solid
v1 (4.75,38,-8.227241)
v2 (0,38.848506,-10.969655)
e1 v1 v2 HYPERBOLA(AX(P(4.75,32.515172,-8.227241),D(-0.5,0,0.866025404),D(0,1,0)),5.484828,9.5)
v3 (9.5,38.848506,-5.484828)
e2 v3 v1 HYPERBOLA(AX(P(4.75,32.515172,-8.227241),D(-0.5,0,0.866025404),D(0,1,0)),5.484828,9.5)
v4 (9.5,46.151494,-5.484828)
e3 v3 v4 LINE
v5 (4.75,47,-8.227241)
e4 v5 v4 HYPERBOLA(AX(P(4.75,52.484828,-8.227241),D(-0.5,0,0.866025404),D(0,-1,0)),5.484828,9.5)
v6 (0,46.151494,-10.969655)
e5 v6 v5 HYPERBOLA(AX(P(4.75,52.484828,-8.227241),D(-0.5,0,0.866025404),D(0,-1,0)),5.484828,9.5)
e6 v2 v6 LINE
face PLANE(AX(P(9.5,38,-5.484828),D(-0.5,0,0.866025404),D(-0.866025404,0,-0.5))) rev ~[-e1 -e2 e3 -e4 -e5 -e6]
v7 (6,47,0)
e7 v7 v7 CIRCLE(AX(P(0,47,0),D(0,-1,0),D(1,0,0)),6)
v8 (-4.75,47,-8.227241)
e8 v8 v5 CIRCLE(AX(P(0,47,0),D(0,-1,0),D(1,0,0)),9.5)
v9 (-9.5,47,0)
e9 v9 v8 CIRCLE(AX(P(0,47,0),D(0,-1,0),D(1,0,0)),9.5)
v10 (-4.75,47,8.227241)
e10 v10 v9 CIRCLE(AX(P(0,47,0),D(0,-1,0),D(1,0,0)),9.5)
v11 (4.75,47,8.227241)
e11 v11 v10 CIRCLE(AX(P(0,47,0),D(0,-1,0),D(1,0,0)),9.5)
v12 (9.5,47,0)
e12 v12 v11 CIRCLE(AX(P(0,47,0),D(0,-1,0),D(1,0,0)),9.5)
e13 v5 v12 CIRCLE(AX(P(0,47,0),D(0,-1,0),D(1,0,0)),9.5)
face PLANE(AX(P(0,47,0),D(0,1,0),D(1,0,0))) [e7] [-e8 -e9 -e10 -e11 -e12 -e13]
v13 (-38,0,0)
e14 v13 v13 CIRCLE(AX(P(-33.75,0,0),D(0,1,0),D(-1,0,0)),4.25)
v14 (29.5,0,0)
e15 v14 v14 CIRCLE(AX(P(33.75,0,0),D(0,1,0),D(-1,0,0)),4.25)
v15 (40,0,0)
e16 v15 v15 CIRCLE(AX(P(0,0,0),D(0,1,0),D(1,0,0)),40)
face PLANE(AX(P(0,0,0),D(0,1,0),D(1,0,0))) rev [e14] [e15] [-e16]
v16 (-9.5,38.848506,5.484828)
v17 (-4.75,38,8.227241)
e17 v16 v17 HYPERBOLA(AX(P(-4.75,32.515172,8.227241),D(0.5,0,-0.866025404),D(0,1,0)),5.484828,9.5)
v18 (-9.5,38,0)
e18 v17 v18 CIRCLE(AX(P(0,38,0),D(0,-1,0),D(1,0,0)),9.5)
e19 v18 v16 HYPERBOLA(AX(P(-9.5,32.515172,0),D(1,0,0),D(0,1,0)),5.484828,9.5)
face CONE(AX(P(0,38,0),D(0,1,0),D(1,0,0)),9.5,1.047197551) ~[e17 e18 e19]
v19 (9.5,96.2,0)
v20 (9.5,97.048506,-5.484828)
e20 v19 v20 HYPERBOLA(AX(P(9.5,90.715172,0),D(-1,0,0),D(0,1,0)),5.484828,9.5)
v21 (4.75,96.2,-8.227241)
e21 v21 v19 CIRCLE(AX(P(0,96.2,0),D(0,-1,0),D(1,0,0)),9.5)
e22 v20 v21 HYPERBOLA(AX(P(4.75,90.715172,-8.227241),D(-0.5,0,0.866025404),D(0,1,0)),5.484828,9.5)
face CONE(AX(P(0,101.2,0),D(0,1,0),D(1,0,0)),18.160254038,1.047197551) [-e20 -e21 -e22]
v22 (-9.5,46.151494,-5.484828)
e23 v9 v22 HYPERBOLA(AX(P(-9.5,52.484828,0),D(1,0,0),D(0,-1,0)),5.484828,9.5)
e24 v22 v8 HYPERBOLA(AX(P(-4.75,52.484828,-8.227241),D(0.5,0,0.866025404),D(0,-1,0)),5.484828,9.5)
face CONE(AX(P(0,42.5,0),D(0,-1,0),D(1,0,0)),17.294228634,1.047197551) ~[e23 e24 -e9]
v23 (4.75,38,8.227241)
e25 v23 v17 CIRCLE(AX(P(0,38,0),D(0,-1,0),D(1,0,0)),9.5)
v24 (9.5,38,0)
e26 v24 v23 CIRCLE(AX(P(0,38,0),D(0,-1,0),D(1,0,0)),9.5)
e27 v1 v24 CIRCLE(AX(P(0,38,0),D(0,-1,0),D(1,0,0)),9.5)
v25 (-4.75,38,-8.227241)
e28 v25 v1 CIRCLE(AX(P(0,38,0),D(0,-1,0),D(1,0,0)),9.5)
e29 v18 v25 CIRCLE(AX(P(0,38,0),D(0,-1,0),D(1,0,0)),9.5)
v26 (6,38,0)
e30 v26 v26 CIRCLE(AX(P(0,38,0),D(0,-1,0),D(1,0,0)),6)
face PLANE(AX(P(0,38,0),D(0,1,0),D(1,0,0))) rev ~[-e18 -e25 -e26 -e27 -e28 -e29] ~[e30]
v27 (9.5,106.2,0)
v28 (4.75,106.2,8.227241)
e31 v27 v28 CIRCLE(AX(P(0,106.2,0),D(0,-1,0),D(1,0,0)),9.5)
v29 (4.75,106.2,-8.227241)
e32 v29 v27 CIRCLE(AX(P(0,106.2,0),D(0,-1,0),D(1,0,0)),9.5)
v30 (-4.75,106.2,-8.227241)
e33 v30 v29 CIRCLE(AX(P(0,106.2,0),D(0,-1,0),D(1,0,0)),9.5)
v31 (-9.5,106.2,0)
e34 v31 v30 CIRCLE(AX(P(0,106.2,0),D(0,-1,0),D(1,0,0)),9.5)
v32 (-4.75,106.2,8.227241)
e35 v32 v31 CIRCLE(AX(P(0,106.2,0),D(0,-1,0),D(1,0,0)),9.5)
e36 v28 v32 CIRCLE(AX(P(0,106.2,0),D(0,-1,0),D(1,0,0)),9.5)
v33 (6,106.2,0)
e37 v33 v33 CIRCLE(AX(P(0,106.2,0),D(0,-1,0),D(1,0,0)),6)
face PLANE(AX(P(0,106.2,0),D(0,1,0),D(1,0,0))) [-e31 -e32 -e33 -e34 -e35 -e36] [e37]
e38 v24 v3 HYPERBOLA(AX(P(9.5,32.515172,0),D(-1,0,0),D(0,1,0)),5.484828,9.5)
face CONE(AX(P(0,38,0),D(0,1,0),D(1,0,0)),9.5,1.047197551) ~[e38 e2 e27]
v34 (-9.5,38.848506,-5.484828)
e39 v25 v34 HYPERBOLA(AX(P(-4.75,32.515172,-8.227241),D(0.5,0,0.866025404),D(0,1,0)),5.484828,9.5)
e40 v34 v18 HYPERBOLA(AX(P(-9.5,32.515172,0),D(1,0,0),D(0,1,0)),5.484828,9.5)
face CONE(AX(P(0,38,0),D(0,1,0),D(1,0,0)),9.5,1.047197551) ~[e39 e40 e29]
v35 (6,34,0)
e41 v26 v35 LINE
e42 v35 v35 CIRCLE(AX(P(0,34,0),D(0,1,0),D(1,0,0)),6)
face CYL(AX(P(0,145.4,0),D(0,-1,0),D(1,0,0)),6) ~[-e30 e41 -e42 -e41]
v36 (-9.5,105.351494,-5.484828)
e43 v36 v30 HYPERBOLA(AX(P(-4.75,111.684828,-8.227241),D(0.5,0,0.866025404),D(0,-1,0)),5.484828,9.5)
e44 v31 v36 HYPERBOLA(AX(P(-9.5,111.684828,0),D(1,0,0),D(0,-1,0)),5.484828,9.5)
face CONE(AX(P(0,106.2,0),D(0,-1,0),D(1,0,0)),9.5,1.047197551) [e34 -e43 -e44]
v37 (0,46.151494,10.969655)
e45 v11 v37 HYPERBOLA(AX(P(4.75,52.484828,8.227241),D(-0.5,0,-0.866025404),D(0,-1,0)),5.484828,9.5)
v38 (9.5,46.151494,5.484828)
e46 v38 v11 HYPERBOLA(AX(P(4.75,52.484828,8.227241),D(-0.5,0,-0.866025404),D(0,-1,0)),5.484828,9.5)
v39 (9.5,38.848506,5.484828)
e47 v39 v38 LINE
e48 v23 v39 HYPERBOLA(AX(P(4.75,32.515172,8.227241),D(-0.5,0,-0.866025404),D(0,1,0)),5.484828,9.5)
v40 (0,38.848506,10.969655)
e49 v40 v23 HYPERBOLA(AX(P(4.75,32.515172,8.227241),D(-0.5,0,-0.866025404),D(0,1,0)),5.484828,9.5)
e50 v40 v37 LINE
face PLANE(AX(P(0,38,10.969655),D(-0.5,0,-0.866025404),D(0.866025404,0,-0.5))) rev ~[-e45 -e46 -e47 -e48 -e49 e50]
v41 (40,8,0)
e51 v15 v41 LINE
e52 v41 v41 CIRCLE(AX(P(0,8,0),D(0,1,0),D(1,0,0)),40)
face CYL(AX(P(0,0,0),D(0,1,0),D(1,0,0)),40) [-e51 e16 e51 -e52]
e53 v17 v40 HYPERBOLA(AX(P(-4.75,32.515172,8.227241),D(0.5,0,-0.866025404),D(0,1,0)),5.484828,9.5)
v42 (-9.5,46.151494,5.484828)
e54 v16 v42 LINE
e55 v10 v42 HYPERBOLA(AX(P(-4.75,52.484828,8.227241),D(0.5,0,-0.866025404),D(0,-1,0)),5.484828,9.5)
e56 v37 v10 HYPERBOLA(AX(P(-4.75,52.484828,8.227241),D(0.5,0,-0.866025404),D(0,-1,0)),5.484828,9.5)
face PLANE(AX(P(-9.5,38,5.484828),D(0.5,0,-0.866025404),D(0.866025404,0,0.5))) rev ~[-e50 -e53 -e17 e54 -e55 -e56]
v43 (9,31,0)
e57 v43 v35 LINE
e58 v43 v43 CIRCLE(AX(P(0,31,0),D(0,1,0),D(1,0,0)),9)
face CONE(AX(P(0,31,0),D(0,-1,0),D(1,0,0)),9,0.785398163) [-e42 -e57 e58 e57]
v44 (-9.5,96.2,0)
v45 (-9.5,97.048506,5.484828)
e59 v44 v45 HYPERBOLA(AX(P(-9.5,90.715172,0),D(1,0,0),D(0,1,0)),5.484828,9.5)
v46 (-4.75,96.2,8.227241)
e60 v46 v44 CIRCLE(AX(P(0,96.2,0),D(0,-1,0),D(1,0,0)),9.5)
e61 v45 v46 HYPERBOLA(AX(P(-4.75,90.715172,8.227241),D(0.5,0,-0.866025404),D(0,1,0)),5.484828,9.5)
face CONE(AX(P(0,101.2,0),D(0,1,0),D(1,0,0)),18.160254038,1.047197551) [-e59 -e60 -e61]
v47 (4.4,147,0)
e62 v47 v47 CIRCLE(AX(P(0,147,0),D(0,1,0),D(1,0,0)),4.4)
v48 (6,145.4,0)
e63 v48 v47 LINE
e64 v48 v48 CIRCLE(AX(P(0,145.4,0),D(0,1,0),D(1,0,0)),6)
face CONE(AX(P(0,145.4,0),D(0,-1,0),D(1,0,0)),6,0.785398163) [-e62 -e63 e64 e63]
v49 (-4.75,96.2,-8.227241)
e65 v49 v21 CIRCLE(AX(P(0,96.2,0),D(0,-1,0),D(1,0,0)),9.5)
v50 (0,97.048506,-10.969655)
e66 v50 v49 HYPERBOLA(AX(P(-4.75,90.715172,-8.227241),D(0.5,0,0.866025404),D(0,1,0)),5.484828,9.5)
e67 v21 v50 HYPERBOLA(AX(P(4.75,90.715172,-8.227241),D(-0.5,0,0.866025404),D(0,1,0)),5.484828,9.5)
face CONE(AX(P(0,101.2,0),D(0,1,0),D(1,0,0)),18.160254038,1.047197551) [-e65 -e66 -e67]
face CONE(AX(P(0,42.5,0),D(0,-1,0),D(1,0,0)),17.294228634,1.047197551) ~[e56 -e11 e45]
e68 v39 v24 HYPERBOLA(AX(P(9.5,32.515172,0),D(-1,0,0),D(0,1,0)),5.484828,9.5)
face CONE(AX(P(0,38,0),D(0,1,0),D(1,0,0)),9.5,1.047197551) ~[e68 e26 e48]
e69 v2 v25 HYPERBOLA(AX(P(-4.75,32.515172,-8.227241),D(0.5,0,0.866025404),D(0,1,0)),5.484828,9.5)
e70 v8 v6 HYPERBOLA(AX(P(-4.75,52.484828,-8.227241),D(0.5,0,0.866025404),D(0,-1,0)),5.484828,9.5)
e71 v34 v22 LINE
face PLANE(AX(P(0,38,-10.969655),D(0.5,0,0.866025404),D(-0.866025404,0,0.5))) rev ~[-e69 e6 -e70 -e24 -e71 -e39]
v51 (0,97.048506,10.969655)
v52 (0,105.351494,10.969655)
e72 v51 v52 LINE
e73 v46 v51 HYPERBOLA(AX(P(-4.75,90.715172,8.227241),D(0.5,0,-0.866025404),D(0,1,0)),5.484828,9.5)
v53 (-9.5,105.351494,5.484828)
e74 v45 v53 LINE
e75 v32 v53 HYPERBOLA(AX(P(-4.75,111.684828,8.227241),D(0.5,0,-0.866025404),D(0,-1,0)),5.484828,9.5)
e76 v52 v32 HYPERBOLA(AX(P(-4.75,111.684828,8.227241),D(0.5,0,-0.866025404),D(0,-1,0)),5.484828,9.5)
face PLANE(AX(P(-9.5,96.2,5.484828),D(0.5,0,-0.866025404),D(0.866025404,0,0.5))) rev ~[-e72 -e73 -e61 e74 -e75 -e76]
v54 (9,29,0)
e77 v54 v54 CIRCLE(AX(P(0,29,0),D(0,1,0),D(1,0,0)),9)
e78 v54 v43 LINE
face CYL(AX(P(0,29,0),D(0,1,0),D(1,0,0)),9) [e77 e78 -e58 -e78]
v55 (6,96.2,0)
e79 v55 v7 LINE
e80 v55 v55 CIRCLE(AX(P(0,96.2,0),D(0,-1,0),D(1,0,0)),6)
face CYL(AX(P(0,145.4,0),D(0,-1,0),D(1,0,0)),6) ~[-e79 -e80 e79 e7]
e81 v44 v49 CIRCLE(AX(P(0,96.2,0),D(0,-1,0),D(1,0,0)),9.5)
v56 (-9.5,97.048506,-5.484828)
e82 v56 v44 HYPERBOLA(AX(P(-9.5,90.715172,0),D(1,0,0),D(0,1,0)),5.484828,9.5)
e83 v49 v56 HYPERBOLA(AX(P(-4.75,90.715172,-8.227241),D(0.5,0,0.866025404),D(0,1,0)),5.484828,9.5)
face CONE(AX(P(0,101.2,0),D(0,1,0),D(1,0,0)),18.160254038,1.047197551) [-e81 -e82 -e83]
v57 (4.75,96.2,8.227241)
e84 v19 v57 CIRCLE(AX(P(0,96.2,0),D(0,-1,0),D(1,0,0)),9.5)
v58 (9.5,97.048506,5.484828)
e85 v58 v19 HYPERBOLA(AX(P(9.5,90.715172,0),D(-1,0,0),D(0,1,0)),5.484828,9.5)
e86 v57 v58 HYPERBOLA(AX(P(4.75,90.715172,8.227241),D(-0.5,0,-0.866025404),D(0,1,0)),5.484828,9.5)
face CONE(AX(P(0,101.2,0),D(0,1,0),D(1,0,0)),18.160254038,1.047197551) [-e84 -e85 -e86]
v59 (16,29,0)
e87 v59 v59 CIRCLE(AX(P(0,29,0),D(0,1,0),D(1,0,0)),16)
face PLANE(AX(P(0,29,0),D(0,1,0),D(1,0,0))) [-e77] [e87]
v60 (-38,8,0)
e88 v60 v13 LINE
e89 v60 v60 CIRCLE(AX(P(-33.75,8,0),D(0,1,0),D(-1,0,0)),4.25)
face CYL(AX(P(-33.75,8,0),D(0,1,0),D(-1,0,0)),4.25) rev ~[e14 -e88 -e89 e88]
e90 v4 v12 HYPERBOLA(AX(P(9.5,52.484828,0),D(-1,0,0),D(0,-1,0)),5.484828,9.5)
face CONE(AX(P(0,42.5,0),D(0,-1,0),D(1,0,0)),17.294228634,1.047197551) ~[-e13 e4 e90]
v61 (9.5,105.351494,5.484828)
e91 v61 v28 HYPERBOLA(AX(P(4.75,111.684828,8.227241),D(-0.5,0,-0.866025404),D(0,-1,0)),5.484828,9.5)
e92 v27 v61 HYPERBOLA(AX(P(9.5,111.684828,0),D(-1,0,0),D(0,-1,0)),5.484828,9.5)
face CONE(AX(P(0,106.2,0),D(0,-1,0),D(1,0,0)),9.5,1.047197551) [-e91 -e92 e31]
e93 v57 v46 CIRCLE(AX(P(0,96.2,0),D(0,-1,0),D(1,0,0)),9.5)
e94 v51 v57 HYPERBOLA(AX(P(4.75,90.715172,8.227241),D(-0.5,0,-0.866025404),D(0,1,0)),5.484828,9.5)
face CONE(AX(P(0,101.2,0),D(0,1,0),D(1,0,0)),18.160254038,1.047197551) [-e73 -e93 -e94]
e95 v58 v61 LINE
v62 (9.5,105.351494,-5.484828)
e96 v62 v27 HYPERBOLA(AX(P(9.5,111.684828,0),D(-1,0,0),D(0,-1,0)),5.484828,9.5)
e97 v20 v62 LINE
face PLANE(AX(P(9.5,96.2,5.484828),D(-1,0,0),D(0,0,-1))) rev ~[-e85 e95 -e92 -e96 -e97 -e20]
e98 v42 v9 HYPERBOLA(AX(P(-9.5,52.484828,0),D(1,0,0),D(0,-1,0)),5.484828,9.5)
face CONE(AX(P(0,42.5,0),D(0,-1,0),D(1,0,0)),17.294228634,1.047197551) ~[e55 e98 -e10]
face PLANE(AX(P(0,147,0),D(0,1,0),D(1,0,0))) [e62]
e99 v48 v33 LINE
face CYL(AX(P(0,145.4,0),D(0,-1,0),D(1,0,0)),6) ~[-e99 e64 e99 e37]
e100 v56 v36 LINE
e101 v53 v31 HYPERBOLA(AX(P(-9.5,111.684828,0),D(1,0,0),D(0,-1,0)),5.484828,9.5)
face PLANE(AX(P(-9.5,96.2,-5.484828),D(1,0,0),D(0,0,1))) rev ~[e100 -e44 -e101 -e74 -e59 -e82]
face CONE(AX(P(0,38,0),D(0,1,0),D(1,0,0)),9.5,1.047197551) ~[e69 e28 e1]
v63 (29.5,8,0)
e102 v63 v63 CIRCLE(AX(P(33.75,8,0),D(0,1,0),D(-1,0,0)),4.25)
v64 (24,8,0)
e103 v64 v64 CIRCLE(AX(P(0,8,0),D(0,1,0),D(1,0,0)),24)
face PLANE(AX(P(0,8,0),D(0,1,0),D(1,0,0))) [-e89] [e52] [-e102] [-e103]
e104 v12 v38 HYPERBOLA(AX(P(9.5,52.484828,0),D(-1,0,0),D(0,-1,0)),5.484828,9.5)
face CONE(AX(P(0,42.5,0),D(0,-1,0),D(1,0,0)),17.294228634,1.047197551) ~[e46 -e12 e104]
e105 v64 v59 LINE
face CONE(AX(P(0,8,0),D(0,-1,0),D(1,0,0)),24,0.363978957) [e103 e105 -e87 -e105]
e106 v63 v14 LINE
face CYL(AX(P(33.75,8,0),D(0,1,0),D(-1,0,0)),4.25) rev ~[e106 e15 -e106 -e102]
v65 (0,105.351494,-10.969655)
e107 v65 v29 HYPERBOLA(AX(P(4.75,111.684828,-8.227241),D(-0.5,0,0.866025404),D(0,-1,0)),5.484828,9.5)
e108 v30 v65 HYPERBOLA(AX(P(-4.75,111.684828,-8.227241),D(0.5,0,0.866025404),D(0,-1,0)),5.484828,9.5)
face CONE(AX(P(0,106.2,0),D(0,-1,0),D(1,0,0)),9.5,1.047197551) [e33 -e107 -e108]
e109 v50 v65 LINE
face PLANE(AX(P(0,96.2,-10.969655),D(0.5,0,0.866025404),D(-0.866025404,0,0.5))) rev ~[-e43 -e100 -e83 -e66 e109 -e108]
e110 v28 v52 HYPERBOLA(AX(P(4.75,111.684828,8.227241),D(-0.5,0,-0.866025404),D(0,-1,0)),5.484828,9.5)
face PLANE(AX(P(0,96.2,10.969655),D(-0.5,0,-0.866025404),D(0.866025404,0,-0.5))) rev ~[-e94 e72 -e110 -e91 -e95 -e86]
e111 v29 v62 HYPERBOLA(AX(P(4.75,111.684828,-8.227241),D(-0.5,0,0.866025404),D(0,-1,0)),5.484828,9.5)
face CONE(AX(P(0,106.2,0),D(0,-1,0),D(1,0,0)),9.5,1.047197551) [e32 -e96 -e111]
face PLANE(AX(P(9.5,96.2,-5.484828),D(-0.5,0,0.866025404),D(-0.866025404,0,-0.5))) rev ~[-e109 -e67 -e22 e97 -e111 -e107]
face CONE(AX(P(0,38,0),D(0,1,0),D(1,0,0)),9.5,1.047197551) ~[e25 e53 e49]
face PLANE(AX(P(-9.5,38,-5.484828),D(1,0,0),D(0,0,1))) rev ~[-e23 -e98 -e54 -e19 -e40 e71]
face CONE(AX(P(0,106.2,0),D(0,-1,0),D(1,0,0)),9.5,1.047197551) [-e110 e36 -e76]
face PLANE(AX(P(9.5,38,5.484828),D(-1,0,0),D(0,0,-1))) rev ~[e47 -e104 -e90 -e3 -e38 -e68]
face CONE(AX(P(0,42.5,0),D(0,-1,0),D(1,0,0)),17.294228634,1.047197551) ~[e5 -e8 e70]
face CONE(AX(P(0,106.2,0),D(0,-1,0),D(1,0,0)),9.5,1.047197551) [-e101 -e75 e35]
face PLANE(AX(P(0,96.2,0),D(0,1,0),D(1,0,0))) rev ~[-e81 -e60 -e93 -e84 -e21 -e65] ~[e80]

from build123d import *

# Parameters (mm, degrees)
EXTRUDE_1_DEPTH     = 9
EXTRUDE_2_DEPTH     = 10
SKETCH_5_R          = 4.25
CUT_EXTRUDE_1_DEPTH = 9


with BuildPart() as part:
    # Эскиз1 → Повернуть1 (revolve)
    with BuildSketch(Plane.XY, mode=Mode.PRIVATE) as revolve_1_sk:
        Polygon((0, 0), (-40, 0), (-40, 8), (-24, 8), (-16, 29), (-9, 29), (-9, 31), (-6, 34), (-6, 38), (-6, 47), (-6, 145.4), (-4.4, 147), (0, 147), align=None)
    revolve(revolve_1_sk.sketch.rotate(Axis((0, 0, 0), (0, 1, 0)), 180), axis=Axis((0, 0, 0), (0, 1, 0)))  # turned: the seam where the file's is

    # Эскиз2 → Бобышка-Вытянуть1 (add)
    with BuildSketch(Plane(origin=(0, 38, 0), x_dir=(1, 0, 0), z_dir=(0, 1, 0))):
        Polygon((0, 10.969655115), (-9.5, 5.484827557), (-9.5, -5.484827557), (0, -10.969655115), (9.5, -5.484827557), (9.5, 5.484827557), align=None)
    extrude(amount=EXTRUDE_1_DEPTH)

    # Эскиз3 → Бобышка-Вытянуть2 (add)
    with BuildSketch(Plane(origin=(0, 96.2, 0), x_dir=(1, 0, 0), z_dir=(0, 1, 0))):
        Polygon((9.5, 5.484827557), (0, 10.969655115), (-9.5, 5.484827557), (-9.5, -5.484827557), (0, -10.969655115), (9.5, -5.484827557), align=None)
    extrude(amount=EXTRUDE_2_DEPTH)

    # Эскиз4 → Вырез-Повернуть2 (revolve, cut)
    with BuildSketch(Plane.XY, mode=Mode.PRIVATE) as cut_revolve_2_sk:
        Polygon((-18.160254038, 106.2), (-9.5, 106.2), (-18.160254038, 101.2), align=None)
        Polygon((-18.160254038, 96.2), (-18.160254038, 101.2), (-9.5, 96.2), align=None)
        Polygon((-17.294228634, 47), (-17.294228634, 42.5), (-9.5, 47), align=None)
        Polygon((-17.294228634, 42.5), (-17.294228634, 38), (-9.5, 38), align=None)
    revolve(cut_revolve_2_sk.sketch.rotate(Axis((0, 147, 0), (0, -1, 0)), 180), axis=Axis((0, 147, 0), (0, -1, 0)), mode=Mode.SUBTRACT)  # turned: the seam where the file's is

    # Эскиз5 → Вырез-Вытянуть1 (cut, through all)
    with BuildSketch(Plane(origin=(0, 8, 0), x_dir=(1, 0, 0), z_dir=(0, 1, 0))):
        with Locations(Location((-33.75, 0, 0), (0, 0, 180))):  # turned: the seam where the file's is
            Circle(SKETCH_5_R)
        with Locations(Location((33.75, 0, 0), (0, 0, 180))):  # turned: the seam where the file's is
            Circle(SKETCH_5_R)
    extrude(amount=-CUT_EXTRUDE_1_DEPTH, mode=Mode.SUBTRACT)


solid = part.part
